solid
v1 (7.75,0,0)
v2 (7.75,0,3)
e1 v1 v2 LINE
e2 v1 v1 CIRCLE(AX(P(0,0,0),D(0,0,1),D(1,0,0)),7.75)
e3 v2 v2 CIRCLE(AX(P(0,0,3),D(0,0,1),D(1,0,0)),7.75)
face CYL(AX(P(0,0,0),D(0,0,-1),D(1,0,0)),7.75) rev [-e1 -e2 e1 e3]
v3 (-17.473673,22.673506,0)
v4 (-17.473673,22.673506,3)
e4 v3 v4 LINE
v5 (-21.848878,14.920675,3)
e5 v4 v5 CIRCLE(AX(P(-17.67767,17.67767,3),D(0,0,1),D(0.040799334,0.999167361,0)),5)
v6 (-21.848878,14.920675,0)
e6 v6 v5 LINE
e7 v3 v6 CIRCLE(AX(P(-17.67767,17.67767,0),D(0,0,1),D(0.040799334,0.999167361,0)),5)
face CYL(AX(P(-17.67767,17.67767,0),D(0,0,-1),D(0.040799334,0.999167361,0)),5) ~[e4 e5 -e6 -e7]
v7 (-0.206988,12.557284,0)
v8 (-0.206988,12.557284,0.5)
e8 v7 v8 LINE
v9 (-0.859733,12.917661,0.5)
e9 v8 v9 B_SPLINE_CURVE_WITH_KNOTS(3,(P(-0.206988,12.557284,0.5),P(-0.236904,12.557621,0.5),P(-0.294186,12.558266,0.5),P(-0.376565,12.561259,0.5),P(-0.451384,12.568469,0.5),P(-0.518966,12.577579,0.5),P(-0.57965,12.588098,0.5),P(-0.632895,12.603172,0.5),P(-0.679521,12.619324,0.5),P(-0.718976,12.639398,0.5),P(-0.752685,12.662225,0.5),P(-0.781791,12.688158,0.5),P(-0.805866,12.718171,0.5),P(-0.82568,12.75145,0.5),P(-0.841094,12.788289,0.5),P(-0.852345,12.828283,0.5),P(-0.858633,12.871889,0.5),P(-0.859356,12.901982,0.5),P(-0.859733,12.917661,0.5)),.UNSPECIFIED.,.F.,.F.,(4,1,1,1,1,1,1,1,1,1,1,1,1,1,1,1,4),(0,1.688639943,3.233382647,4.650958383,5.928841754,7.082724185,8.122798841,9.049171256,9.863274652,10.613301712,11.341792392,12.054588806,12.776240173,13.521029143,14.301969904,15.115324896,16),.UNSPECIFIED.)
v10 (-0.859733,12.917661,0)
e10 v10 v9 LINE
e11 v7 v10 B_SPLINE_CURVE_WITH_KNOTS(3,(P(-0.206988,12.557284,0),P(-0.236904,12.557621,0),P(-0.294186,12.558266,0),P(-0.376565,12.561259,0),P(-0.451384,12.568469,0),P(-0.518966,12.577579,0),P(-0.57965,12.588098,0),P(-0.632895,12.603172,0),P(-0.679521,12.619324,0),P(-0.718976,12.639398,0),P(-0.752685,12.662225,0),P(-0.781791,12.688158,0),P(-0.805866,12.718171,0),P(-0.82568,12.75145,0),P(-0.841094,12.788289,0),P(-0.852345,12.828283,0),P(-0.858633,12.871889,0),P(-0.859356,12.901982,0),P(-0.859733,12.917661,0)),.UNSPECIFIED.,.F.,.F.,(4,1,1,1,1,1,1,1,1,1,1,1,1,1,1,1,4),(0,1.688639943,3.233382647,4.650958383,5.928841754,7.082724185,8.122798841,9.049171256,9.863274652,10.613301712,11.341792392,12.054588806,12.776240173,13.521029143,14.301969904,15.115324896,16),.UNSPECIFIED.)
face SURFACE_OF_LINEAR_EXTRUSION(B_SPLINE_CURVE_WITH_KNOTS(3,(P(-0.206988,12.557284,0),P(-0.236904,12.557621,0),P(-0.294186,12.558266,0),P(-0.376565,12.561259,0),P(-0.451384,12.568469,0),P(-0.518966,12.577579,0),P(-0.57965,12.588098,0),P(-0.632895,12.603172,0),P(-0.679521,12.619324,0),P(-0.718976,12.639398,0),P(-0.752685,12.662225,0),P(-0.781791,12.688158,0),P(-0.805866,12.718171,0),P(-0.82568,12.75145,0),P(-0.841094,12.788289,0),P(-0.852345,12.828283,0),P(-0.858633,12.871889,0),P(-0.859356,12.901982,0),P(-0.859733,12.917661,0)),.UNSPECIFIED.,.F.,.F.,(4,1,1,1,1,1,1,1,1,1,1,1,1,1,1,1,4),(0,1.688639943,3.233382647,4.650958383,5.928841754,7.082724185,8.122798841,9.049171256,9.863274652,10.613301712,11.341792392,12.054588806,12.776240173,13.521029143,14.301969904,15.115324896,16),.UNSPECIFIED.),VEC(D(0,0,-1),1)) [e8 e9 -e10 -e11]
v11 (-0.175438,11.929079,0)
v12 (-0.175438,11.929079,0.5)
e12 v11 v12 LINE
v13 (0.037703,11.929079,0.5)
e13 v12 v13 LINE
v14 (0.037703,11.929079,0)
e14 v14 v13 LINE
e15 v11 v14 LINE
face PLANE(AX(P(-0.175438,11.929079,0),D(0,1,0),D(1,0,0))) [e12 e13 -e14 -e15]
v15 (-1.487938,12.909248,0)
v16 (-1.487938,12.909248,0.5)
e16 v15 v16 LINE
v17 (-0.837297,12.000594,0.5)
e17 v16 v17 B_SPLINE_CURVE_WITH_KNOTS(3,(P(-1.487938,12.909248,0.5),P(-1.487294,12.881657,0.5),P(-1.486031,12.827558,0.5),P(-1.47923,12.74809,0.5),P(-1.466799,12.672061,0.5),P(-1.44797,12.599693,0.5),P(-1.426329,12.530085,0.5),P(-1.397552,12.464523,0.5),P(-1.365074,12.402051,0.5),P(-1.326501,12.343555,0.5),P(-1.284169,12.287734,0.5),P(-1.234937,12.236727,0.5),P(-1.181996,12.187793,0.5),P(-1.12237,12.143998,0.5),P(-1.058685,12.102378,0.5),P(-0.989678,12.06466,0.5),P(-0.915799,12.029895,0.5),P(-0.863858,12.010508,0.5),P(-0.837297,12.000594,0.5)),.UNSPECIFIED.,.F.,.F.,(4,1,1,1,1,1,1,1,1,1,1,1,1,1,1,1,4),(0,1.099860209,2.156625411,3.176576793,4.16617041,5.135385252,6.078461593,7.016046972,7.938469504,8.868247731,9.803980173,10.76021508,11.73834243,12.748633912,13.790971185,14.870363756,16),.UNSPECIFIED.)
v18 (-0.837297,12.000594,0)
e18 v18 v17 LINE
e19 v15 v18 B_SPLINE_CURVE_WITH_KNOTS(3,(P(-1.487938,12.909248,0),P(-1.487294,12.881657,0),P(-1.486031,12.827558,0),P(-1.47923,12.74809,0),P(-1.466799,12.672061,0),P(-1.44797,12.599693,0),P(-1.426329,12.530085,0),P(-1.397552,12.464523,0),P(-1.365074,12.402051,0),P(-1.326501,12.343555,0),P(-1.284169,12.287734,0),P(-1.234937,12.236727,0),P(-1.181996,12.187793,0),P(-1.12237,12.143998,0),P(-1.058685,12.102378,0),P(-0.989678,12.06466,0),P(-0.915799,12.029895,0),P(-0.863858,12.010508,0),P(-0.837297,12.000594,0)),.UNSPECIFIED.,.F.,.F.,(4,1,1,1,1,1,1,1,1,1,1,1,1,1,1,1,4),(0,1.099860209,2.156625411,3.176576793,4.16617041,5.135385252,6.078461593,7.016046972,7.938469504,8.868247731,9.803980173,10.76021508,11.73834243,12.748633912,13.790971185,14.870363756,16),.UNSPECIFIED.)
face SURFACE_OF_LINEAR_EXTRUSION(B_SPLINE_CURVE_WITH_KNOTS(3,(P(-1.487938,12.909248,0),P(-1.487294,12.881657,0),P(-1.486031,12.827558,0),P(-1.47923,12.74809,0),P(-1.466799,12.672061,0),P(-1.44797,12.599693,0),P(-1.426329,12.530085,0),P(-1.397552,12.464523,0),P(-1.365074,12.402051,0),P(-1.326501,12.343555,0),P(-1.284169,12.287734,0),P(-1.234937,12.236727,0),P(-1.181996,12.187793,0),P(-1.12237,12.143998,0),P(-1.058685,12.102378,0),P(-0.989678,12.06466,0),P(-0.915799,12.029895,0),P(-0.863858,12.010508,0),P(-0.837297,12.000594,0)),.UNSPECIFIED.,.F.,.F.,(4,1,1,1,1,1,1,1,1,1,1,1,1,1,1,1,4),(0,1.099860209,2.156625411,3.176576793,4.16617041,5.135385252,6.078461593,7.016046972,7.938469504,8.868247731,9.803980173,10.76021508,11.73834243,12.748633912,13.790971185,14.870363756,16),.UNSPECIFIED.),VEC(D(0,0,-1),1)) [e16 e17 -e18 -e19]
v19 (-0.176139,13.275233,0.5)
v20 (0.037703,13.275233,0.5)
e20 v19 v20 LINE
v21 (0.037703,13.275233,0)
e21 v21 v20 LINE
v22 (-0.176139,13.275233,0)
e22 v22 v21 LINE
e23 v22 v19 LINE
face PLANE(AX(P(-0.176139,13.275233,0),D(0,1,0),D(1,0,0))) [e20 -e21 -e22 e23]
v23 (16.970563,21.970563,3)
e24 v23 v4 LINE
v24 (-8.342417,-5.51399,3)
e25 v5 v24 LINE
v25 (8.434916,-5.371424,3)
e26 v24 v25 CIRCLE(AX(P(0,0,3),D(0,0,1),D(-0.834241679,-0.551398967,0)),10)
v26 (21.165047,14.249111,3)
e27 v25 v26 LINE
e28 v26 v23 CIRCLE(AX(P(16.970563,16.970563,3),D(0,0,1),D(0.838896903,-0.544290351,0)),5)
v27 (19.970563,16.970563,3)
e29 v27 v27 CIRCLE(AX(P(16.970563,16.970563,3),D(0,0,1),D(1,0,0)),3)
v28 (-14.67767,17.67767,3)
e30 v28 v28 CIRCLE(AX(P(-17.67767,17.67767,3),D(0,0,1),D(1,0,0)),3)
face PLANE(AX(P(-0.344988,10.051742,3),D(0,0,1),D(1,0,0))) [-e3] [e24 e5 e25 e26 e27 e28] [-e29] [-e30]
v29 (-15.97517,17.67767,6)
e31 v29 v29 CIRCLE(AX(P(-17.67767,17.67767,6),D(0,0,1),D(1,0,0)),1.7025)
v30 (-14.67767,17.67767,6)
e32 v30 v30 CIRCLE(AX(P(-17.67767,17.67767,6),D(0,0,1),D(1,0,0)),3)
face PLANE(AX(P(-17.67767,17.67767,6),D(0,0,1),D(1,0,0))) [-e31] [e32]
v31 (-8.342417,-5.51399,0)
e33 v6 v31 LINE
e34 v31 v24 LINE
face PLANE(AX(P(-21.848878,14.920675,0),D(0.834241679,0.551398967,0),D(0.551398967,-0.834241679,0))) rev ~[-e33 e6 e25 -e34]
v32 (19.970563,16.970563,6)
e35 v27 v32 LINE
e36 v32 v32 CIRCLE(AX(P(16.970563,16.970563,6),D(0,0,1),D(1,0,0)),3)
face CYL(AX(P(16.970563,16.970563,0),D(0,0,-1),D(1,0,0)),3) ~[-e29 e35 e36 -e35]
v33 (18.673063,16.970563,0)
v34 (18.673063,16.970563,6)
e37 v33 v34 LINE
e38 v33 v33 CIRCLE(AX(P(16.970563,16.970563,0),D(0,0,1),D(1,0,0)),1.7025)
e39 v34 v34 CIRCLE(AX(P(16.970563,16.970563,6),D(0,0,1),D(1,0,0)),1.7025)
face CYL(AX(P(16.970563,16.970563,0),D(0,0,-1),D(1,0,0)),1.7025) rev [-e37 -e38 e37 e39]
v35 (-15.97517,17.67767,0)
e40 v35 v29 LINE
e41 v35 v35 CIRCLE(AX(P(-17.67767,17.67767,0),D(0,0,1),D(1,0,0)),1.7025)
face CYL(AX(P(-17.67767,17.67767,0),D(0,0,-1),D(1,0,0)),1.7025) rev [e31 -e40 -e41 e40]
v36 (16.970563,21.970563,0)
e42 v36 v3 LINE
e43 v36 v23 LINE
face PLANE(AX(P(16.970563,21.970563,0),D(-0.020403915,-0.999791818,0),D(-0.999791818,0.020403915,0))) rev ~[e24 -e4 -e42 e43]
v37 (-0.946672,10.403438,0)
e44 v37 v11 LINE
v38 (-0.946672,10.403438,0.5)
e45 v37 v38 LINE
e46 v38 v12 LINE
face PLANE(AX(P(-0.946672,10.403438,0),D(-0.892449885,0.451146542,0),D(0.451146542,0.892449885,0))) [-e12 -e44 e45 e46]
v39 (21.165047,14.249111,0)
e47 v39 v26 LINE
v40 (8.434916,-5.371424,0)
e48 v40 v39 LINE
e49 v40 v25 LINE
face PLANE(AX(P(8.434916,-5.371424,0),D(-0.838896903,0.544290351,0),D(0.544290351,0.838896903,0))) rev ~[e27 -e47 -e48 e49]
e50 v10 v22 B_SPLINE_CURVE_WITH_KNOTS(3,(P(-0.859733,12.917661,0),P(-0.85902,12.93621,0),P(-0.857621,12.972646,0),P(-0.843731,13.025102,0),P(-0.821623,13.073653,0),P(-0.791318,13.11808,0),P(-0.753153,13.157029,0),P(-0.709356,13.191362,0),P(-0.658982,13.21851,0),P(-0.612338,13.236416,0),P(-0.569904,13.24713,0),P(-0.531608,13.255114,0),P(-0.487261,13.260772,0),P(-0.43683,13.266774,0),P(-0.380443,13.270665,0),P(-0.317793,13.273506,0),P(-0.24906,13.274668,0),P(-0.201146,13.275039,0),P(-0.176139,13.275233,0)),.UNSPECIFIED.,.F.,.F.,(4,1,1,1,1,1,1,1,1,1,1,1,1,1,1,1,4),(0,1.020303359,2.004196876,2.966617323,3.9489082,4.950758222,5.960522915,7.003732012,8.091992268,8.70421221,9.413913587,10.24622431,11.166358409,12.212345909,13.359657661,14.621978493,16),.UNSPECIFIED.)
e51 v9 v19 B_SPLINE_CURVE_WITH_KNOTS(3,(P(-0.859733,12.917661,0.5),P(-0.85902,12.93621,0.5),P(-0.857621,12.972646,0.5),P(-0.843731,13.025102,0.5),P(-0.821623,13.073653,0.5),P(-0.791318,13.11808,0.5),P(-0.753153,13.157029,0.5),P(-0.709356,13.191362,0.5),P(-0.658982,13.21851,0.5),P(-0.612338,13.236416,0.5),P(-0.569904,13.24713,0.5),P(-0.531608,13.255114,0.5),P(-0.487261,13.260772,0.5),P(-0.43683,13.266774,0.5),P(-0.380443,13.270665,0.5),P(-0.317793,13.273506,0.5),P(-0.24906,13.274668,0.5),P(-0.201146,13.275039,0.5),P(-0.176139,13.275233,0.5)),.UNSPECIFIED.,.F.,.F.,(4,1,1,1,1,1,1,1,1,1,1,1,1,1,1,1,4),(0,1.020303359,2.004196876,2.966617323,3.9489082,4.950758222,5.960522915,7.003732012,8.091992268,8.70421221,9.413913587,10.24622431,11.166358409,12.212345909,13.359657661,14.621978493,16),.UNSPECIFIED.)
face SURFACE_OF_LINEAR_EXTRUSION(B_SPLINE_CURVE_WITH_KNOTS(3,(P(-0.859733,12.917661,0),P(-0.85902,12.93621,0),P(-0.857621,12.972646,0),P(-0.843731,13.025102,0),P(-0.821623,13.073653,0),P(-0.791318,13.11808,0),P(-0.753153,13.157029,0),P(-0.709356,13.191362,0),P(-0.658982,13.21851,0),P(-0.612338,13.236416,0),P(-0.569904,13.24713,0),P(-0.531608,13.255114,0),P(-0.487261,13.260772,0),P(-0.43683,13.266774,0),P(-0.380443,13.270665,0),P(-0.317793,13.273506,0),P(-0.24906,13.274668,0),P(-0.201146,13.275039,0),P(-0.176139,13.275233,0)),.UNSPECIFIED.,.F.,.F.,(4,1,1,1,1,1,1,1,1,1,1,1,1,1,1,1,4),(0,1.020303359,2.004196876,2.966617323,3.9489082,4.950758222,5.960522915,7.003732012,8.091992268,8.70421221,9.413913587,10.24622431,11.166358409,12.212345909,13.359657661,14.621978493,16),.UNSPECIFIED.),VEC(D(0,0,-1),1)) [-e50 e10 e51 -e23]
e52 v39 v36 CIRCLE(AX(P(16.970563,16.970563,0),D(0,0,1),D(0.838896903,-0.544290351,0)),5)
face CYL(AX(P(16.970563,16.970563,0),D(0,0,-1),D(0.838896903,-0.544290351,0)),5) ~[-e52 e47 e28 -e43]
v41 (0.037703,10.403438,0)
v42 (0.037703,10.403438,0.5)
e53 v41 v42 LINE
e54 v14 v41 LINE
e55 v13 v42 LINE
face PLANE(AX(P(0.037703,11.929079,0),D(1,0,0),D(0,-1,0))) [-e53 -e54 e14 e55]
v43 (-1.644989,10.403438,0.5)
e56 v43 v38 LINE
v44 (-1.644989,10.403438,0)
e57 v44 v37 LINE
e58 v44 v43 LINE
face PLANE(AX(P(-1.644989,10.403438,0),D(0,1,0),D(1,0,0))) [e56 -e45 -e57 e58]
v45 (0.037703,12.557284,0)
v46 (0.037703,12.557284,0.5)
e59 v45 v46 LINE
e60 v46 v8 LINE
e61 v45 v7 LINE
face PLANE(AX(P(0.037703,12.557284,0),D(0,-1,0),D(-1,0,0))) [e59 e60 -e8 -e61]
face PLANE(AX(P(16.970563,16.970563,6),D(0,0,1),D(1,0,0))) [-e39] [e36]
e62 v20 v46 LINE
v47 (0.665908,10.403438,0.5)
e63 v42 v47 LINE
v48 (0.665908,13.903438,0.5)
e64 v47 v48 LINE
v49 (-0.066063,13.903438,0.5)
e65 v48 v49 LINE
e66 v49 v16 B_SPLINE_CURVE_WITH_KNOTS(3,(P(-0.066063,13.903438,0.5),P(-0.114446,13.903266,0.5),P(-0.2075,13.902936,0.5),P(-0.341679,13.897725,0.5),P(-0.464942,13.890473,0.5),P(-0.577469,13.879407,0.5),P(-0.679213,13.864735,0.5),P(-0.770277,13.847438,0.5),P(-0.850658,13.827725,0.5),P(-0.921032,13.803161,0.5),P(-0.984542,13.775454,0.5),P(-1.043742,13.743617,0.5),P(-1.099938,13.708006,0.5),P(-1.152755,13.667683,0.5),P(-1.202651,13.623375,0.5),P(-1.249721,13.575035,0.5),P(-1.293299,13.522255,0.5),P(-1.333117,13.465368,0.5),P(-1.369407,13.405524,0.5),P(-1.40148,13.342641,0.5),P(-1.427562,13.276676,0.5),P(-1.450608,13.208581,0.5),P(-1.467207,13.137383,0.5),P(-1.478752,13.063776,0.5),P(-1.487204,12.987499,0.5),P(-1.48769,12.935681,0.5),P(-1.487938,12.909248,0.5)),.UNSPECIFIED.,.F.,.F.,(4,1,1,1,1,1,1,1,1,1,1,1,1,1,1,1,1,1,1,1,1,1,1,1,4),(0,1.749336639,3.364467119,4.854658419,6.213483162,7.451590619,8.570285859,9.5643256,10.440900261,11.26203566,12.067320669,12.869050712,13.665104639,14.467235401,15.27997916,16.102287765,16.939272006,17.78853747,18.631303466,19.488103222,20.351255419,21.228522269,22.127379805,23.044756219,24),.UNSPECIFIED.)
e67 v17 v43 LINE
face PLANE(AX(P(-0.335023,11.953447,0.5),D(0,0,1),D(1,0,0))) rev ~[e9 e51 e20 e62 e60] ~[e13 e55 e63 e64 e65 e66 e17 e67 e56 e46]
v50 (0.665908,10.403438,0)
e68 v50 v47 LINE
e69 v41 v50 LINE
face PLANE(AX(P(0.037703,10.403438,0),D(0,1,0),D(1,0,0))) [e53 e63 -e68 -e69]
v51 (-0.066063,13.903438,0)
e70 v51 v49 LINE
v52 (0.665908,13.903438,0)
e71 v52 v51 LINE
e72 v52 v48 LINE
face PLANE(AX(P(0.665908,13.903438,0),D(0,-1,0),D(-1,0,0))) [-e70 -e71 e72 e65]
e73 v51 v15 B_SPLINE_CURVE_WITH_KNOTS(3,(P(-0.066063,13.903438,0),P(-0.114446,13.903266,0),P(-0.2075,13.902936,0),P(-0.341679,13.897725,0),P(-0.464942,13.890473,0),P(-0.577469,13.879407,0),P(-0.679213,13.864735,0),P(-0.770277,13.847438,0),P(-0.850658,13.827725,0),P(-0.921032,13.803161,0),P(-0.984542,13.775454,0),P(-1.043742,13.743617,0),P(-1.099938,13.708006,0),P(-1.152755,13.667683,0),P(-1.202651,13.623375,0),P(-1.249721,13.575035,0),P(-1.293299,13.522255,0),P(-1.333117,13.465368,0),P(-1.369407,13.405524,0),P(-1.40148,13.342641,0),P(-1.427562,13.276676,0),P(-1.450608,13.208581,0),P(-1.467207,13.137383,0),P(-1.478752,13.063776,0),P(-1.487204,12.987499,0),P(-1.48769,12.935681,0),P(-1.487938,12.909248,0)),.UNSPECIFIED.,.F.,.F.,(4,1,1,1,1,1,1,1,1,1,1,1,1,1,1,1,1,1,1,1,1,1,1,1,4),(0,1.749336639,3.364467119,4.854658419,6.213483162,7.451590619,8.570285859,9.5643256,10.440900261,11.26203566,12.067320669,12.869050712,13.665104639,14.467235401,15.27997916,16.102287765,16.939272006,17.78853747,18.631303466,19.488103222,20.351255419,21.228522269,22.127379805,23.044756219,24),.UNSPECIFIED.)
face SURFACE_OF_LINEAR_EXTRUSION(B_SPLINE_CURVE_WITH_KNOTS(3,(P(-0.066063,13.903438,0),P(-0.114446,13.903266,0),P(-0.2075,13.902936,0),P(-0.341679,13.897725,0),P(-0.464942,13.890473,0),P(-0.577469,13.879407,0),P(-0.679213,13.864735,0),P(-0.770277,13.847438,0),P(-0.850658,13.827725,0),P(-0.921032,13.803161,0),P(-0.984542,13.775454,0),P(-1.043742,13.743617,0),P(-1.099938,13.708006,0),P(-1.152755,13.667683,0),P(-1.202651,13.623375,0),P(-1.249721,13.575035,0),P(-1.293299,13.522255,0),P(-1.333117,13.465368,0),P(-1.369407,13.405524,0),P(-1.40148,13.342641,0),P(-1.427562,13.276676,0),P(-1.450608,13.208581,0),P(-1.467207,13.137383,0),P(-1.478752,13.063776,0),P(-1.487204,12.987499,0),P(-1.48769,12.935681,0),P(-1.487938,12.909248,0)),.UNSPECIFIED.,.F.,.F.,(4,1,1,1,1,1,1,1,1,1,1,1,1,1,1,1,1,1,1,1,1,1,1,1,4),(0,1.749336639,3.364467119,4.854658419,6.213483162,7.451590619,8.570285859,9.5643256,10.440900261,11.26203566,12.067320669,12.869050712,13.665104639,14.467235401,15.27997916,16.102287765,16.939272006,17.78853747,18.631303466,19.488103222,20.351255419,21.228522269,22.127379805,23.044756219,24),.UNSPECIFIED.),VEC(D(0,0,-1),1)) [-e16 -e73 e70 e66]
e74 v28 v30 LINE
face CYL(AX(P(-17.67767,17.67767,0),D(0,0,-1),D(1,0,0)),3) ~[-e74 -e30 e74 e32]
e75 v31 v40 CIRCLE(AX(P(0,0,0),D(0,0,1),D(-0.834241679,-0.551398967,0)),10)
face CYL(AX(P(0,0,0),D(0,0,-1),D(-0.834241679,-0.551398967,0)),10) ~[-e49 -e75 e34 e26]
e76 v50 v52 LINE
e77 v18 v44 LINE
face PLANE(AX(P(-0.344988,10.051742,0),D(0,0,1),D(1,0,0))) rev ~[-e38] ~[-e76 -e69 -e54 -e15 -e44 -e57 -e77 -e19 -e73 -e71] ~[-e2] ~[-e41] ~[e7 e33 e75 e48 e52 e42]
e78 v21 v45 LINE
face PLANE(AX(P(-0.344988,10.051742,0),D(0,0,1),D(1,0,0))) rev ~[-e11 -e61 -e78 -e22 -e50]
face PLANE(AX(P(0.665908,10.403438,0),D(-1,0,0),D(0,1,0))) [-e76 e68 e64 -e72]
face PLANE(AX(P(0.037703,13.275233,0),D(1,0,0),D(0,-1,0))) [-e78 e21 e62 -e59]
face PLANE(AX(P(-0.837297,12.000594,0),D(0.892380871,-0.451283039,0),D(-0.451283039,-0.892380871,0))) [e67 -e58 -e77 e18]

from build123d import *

# Parameters (mm, degrees)
SKETCH1_R                = 7.75
SKETCH1_R_2              = 3
BOSS_EXTRUDE3_DEPTH      = 3
BOSS_EXTRUDE4_DEPTH      = 3
BOSS_EXTRUDE4_DEPTH_BACK = 3
SKETCH3_R                = 3
SKETCH3_R_2              = 1.7025
CUT_EXTRUDE2_DEPTH       = 0.5


with BuildPart() as part:
    # Sketch1 → Boss-Extrude3 (new body)
    with BuildSketch(Plane.XY):
        with BuildLine():
            Line((8.434915556, -5.371424351), (21.165047264, 14.249110995))
            ThreePointArc((21.165047264, 14.249110995), (21.364152327, 19.357269814), (16.970562748, 21.970562748))
            Line((16.970562748, 21.970562748), (-17.47367286, 22.673506332))
            ThreePointArc((-17.47367286, 22.673506332), (-22.032126076, 20.135047844), (-21.848877926, 14.920674696))
            Line((-21.848877926, 14.920674696), (-8.342416793, -5.513989668))
            ThreePointArc((-8.342416793, -5.513989668), (0.084971894, -9.999638982), (8.434915556, -5.371424351))
        make_face()
        Circle(SKETCH1_R, mode=Mode.SUBTRACT)
        with Locations((-17.67766953, 17.67766953)):
            Circle(SKETCH1_R_2, mode=Mode.SUBTRACT)
        with Locations((16.970562748, 16.970562748)):
            Circle(SKETCH1_R_2, mode=Mode.SUBTRACT)
    extrude(amount=BOSS_EXTRUDE3_DEPTH)

    # Sketch3 → Boss-Extrude4 (add, two sides: drawn at the far end of the back side and taken through both)
    # profile 1 of 2: a face of its own
    with BuildSketch(Plane.XY.offset(3).offset(-BOSS_EXTRUDE4_DEPTH_BACK)):
        with Locations((-17.67766953, 17.67766953)):
            Circle(SKETCH3_R)
        with Locations((-17.67766953, 17.67766953)):
            Circle(SKETCH3_R_2, mode=Mode.SUBTRACT)
    # profile 2 of 2: a face of its own
    with BuildSketch(Plane.XY.offset(3).offset(-BOSS_EXTRUDE4_DEPTH_BACK)):
        with Locations((16.970562748, 16.970562748)):
            Circle(SKETCH3_R)
        with Locations((16.970562748, 16.970562748)):
            Circle(SKETCH3_R_2, mode=Mode.SUBTRACT)
    extrude(amount=BOSS_EXTRUDE4_DEPTH + BOSS_EXTRUDE4_DEPTH_BACK)

    # Sketch4 → Cut-Extrude2 (cut)
    with BuildSketch(Plane(origin=(0, 0, 0), x_dir=(-1, 0, 0), z_dir=(0, 0, -1))):
        with BuildLine():
            Line((-0.665908197, 13.903438218), (0.066062957, 13.903438218))
            add(Edge.make_bspline(
                [(0.066062957, 13.903438218), (0.114446028, 13.903266485), (0.207500301, 13.902936196), (0.341679481, 13.897725107), (0.46494151, 13.890473447), (0.577468889, 13.879407223), (0.679213477, 13.864734748), (0.770277246, 13.847438327), (0.850657534, 13.827725347), (0.921032238, 13.803161419), (0.984541929, 13.775453681), (1.04374179, 13.743616981), (1.099937859, 13.708005833), (1.152754525, 13.667683209), (1.202650778, 13.623374504), (1.24972075, 13.575035117), (1.293299299, 13.522255149), (1.333116584, 13.465368105), (1.369406835, 13.405524238), (1.401479805, 13.342641383), (1.427561597, 13.27667581), (1.450607657, 13.208580863), (1.467206987, 13.137383112), (1.478751578, 13.063775679), (1.487204076, 12.987499458), (1.487690054, 12.93568078), (1.487937957, 12.909247512)],
                knots=[0, 0, 0, 0, 1.749336639, 3.364467119, 4.854658419, 6.213483162, 7.451590619, 8.570285859, 9.5643256, 10.440900261, 11.26203566, 12.067320669, 12.869050712, 13.665104639, 14.467235401, 15.27997916, 16.102287765, 16.939272006, 17.78853747, 18.631303466, 19.488103222, 20.351255419, 21.228522269, 22.127379805, 23.044756219, 24, 24, 24, 24], degree=3))
            add(Edge.make_bspline(
                [(1.487937957, 12.909247512), (1.487293995, 12.881657254), (1.486031303, 12.827557785), (1.479229754, 12.748090078), (1.46679866, 12.672060935), (1.447969959, 12.599692959), (1.426328814, 12.530085447), (1.397551641, 12.4645227), (1.365073758, 12.402051204), (1.326500725, 12.343554641), (1.284168705, 12.287733687), (1.234937457, 12.236727048), (1.181996409, 12.187793312), (1.122369551, 12.143997521), (1.058685292, 12.102378362), (0.989678292, 12.064660321), (0.915798913, 12.029895252), (0.863858052, 12.010507848), (0.837296932, 12.000593666)],
                knots=[0, 0, 0, 0, 1.099860209, 2.156625411, 3.176576793, 4.16617041, 5.135385252, 6.078461593, 7.016046972, 7.938469504, 8.868247731, 9.803980173, 10.76021508, 11.73834243, 12.748633912, 13.790971185, 14.870363756, 16, 16, 16, 16], degree=3))
            Line((0.837296932, 12.000593666), (1.644989239, 10.403438218))
            Line((1.644989239, 10.403438218), (0.946671932, 10.403438218))
            Line((0.946671932, 10.403438218), (0.175437957, 11.929079243))
            Line((0.175437957, 11.929079243), (-0.037703068, 11.929079243))
            Line((-0.037703068, 11.929079243), (-0.037703068, 10.403438218))
            Line((-0.037703068, 10.403438218), (-0.665908197, 10.403438218))
            Line((-0.665908197, 10.403438218), (-0.665908197, 13.903438218))
        make_face()
        with BuildLine():
            Line((-0.037703068, 12.557284371), (0.206988438, 12.557284371))
            add(Edge.make_bspline(
                [(0.206988438, 12.557284371), (0.236904009, 12.557621301), (0.294185898, 12.558266448), (0.376564779, 12.561258908), (0.45138445, 12.568469257), (0.51896621, 12.577579265), (0.579650126, 12.588098083), (0.632894918, 12.60317219), (0.679521008, 12.619324476), (0.718975873, 12.639397578), (0.752685204, 12.662225049), (0.781791054, 12.688157623), (0.805865765, 12.718171276), (0.82568048, 12.751450365), (0.841094174, 12.788289236), (0.85234499, 12.828283482), (0.858632532, 12.871888689), (0.859355935, 12.90198222), (0.859732829, 12.917660974)],
                knots=[0, 0, 0, 0, 1.688639943, 3.233382647, 4.650958383, 5.928841754, 7.082724185, 8.122798841, 9.049171256, 9.863274652, 10.613301712, 11.341792392, 12.054588806, 12.776240173, 13.521029143, 14.301969904, 15.115324896, 16, 16, 16, 16], degree=3))
            add(Edge.make_bspline(
                [(0.859732829, 12.917660974), (0.859020277, 12.936210085), (0.857620601, 12.972646377), (0.843731463, 13.02510186), (0.821622957, 13.073652999), (0.791318249, 13.118080428), (0.75315341, 13.157028578), (0.709356247, 13.191361683), (0.658981509, 13.218509733), (0.612338294, 13.236416298), (0.56990387, 13.247129981), (0.531608141, 13.255113722), (0.487261456, 13.260772029), (0.436830336, 13.266773671), (0.380443332, 13.270665431), (0.317793101, 13.273505641), (0.249059573, 13.27466771), (0.201145777, 13.275039203), (0.176139079, 13.275233089)],
                knots=[0, 0, 0, 0, 1.020303359, 2.004196876, 2.966617323, 3.9489082, 4.950758222, 5.960522915, 7.003732012, 8.091992268, 8.70421221, 9.413913587, 10.24622431, 11.166358409, 12.212345909, 13.359657661, 14.621978493, 16, 16, 16, 16], degree=3))
            Line((0.176139079, 13.275233089), (-0.037703068, 13.275233089))
            Line((-0.037703068, 13.275233089), (-0.037703068, 12.557284371))
        make_face(mode=Mode.SUBTRACT)
    extrude(amount=-CUT_EXTRUDE2_DEPTH, mode=Mode.SUBTRACT)


solid = part.part
